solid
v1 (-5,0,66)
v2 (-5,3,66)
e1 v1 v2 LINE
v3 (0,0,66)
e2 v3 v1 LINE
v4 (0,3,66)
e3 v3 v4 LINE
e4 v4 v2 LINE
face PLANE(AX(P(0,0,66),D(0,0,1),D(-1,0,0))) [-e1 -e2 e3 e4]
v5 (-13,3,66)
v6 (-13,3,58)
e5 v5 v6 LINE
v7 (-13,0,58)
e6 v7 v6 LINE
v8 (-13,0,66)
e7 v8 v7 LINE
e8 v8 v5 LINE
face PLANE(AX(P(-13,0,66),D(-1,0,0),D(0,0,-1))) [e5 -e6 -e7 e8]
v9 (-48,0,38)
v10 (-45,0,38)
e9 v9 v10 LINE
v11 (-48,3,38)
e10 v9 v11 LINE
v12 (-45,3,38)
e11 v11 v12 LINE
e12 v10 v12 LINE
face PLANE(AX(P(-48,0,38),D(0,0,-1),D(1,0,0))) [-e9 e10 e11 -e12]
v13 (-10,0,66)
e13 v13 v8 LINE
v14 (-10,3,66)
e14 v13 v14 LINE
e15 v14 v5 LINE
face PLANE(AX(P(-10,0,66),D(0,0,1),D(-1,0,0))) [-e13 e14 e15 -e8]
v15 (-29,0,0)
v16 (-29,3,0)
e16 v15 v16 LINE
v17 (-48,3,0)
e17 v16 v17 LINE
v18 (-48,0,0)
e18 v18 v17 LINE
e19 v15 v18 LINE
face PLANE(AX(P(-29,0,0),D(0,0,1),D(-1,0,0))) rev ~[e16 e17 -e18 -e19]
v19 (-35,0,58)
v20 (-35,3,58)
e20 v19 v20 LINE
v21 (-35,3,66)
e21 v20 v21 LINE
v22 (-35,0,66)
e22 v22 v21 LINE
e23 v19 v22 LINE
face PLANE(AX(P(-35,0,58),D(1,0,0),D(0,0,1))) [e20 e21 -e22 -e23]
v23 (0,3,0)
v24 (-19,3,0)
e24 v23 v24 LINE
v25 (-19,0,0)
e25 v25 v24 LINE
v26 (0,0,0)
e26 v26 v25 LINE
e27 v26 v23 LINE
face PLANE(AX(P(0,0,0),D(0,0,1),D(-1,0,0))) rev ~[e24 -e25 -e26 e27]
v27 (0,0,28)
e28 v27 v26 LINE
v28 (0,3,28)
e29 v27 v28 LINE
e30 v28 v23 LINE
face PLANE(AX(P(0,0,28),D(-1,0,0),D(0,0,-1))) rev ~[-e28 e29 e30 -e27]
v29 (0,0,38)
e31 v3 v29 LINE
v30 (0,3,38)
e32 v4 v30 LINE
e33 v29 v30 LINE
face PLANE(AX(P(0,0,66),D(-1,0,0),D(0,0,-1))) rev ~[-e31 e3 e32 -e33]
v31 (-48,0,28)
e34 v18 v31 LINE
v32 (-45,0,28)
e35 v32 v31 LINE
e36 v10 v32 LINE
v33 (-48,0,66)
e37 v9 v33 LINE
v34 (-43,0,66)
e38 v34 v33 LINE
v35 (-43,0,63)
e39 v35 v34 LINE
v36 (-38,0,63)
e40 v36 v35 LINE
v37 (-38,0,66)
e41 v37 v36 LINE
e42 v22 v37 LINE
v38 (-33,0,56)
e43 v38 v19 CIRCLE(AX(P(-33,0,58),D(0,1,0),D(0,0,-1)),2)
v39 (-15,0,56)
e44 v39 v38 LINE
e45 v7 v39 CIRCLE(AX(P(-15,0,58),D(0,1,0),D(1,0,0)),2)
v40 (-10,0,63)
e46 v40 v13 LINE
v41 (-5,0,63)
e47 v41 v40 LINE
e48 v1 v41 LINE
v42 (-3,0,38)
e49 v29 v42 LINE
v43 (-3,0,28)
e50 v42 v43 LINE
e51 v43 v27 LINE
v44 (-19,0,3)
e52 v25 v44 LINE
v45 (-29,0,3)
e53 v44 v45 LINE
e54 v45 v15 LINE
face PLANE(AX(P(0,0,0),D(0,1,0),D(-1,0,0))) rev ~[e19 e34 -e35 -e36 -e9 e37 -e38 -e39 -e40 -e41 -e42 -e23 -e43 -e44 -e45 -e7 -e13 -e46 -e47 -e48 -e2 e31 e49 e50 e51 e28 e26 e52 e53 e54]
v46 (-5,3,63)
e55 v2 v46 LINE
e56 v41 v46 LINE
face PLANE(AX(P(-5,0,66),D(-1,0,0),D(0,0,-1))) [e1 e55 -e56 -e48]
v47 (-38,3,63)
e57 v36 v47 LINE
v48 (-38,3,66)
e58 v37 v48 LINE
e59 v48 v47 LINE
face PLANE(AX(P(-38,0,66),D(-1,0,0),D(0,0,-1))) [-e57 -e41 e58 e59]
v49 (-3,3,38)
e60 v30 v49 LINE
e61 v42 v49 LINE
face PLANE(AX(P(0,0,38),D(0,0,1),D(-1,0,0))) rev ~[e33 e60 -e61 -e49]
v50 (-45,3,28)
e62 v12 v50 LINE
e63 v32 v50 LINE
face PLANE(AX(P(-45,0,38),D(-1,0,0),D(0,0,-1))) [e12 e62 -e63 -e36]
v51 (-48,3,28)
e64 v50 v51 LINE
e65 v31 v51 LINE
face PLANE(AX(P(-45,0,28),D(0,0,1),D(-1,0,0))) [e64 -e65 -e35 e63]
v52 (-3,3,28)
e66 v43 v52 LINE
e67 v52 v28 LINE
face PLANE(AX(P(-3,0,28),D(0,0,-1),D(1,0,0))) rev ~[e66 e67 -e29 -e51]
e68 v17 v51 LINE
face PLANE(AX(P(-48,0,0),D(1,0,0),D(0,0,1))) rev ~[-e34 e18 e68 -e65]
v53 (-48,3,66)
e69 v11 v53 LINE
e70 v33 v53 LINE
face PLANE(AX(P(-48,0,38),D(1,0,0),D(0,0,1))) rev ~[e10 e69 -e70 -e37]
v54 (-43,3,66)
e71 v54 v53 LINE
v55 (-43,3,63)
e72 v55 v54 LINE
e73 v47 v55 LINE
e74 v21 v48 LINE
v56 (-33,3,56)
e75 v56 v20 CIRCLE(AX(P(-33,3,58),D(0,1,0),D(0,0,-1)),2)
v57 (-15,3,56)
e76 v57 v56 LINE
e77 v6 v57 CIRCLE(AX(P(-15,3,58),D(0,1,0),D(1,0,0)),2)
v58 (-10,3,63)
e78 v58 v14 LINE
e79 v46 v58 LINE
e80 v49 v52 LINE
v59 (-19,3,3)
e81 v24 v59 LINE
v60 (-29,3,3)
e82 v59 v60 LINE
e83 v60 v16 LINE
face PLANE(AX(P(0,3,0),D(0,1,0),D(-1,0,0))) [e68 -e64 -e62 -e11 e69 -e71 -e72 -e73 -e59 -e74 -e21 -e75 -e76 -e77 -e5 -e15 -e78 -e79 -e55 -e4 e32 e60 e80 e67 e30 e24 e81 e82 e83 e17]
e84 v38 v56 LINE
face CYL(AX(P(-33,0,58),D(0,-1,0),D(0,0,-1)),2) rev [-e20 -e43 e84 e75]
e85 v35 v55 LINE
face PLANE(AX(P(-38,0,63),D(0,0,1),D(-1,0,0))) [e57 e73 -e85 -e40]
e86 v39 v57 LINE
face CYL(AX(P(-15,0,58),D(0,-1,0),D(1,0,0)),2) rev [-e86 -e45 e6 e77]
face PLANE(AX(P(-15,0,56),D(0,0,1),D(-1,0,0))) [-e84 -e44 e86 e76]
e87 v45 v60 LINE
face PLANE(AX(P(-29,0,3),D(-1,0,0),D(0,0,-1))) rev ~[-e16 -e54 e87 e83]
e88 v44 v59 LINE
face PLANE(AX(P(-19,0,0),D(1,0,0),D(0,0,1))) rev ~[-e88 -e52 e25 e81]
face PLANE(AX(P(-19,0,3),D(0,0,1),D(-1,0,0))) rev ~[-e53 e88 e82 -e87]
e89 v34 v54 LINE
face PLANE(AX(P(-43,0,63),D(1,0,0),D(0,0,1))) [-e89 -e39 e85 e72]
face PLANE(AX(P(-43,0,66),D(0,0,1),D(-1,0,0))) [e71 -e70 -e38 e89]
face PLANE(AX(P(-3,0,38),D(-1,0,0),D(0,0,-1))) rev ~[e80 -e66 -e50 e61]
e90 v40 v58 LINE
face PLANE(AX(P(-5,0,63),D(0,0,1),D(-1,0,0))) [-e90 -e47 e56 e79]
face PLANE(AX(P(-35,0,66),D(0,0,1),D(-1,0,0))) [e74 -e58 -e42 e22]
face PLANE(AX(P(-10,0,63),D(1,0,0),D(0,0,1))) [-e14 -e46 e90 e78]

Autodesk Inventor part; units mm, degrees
ref_plane "YZ Plane" through (0, 0, 0) normal (1, 0, 0) x (0, 1, 0)
ref_plane "XZ Plane" through (0, 0, 0) normal (0, 1, 0) x (-1, 0, 0)
ref_plane "XY Plane" through (0, 0, 0) normal (0, 0, 1) x (1, 0, 0)
sketch "Sketch1" plane through (0, 0, 0) normal (0, 1, 0) x (-1, 0, 0)
  line L0 (19, 0) -> (19, 3)
  line L1 (19, 3) -> (29, 3)
  line L2 (29, 3) -> (29, 0)
  line L3 (0, 0) -> (19, 0)
  line L4 (29, 0) -> (48, 0)
  line L5 (0, 66) -> (0, 38)
  line L6 (0, 28) -> (0, 0)
  line L7 (48, 0) -> (48, 28)
  line L8 (48, 38) -> (48, 66)
  line L9 (0, 38) -> (3, 38)
  line L10 (3, 38) -> (3, 28)
  line L11 (3, 28) -> (0, 28)
  line L12 (48, 38) -> (45, 38)
  line L13 (45, 38) -> (45, 28)
  line L14 (45, 28) -> (48, 28)
  line L15 (5, 66) -> (5, 63)
  line L16 (5, 63) -> (10, 63)
  line L17 (10, 63) -> (10, 66)
  line L18 (38, 66) -> (38, 63)
  line L19 (38, 63) -> (43, 63)
  line L20 (43, 63) -> (43, 66)
  line L21 (0, 66) -> (5, 66)
  line L22 (43, 66) -> (48, 66)
  line L23 (13, 66) -> (13, 58)
  line L24 (15, 56) -> (33, 56)
  line L25 (35, 58) -> (35, 66)
  line L26 (10, 66) -> (13, 66)
  line L27 (35, 66) -> (38, 66)
  arc A0 (13, 58) -> (15, 56) centre (15, 58) ccw
  arc A1 (33, 56) -> (35, 58) centre (33, 58) ccw
  point P0 (13, 56)
  point P1 (35, 56)
  dimension "d8" = 3
  dimension "d9" = 3
  dimension "d22" = 19
  dimension "d23" = 3
  dimension "d24" = 10
  dimension "d25" = 10
  dimension "d26" = 3
  dimension "d27" = 28
  dimension "d28" = 28
  dimension "d29" = 3
  dimension "d30" = 3
  dimension "d31" = 19
  dimension "d35" = 3
  dimension "d36" = 3
  dimension "d37" = 3
  dimension "d38" = 3
  dimension "d39" = 5
  dimension "d41" = 5
  dimension "d42" = 5
  dimension "d43" = 28
  dimension "d44" = 28
  dimension "d48" = 10
  dimension "d49" = 2
  dimension "d50" = 48
  dimension "d51" = 5
  dimension "d52" = 13
  dimension "d53" = 13
extrude "Extrusion1" add sketch "Sketch1" along normal blind 3
properties part number "Top"
